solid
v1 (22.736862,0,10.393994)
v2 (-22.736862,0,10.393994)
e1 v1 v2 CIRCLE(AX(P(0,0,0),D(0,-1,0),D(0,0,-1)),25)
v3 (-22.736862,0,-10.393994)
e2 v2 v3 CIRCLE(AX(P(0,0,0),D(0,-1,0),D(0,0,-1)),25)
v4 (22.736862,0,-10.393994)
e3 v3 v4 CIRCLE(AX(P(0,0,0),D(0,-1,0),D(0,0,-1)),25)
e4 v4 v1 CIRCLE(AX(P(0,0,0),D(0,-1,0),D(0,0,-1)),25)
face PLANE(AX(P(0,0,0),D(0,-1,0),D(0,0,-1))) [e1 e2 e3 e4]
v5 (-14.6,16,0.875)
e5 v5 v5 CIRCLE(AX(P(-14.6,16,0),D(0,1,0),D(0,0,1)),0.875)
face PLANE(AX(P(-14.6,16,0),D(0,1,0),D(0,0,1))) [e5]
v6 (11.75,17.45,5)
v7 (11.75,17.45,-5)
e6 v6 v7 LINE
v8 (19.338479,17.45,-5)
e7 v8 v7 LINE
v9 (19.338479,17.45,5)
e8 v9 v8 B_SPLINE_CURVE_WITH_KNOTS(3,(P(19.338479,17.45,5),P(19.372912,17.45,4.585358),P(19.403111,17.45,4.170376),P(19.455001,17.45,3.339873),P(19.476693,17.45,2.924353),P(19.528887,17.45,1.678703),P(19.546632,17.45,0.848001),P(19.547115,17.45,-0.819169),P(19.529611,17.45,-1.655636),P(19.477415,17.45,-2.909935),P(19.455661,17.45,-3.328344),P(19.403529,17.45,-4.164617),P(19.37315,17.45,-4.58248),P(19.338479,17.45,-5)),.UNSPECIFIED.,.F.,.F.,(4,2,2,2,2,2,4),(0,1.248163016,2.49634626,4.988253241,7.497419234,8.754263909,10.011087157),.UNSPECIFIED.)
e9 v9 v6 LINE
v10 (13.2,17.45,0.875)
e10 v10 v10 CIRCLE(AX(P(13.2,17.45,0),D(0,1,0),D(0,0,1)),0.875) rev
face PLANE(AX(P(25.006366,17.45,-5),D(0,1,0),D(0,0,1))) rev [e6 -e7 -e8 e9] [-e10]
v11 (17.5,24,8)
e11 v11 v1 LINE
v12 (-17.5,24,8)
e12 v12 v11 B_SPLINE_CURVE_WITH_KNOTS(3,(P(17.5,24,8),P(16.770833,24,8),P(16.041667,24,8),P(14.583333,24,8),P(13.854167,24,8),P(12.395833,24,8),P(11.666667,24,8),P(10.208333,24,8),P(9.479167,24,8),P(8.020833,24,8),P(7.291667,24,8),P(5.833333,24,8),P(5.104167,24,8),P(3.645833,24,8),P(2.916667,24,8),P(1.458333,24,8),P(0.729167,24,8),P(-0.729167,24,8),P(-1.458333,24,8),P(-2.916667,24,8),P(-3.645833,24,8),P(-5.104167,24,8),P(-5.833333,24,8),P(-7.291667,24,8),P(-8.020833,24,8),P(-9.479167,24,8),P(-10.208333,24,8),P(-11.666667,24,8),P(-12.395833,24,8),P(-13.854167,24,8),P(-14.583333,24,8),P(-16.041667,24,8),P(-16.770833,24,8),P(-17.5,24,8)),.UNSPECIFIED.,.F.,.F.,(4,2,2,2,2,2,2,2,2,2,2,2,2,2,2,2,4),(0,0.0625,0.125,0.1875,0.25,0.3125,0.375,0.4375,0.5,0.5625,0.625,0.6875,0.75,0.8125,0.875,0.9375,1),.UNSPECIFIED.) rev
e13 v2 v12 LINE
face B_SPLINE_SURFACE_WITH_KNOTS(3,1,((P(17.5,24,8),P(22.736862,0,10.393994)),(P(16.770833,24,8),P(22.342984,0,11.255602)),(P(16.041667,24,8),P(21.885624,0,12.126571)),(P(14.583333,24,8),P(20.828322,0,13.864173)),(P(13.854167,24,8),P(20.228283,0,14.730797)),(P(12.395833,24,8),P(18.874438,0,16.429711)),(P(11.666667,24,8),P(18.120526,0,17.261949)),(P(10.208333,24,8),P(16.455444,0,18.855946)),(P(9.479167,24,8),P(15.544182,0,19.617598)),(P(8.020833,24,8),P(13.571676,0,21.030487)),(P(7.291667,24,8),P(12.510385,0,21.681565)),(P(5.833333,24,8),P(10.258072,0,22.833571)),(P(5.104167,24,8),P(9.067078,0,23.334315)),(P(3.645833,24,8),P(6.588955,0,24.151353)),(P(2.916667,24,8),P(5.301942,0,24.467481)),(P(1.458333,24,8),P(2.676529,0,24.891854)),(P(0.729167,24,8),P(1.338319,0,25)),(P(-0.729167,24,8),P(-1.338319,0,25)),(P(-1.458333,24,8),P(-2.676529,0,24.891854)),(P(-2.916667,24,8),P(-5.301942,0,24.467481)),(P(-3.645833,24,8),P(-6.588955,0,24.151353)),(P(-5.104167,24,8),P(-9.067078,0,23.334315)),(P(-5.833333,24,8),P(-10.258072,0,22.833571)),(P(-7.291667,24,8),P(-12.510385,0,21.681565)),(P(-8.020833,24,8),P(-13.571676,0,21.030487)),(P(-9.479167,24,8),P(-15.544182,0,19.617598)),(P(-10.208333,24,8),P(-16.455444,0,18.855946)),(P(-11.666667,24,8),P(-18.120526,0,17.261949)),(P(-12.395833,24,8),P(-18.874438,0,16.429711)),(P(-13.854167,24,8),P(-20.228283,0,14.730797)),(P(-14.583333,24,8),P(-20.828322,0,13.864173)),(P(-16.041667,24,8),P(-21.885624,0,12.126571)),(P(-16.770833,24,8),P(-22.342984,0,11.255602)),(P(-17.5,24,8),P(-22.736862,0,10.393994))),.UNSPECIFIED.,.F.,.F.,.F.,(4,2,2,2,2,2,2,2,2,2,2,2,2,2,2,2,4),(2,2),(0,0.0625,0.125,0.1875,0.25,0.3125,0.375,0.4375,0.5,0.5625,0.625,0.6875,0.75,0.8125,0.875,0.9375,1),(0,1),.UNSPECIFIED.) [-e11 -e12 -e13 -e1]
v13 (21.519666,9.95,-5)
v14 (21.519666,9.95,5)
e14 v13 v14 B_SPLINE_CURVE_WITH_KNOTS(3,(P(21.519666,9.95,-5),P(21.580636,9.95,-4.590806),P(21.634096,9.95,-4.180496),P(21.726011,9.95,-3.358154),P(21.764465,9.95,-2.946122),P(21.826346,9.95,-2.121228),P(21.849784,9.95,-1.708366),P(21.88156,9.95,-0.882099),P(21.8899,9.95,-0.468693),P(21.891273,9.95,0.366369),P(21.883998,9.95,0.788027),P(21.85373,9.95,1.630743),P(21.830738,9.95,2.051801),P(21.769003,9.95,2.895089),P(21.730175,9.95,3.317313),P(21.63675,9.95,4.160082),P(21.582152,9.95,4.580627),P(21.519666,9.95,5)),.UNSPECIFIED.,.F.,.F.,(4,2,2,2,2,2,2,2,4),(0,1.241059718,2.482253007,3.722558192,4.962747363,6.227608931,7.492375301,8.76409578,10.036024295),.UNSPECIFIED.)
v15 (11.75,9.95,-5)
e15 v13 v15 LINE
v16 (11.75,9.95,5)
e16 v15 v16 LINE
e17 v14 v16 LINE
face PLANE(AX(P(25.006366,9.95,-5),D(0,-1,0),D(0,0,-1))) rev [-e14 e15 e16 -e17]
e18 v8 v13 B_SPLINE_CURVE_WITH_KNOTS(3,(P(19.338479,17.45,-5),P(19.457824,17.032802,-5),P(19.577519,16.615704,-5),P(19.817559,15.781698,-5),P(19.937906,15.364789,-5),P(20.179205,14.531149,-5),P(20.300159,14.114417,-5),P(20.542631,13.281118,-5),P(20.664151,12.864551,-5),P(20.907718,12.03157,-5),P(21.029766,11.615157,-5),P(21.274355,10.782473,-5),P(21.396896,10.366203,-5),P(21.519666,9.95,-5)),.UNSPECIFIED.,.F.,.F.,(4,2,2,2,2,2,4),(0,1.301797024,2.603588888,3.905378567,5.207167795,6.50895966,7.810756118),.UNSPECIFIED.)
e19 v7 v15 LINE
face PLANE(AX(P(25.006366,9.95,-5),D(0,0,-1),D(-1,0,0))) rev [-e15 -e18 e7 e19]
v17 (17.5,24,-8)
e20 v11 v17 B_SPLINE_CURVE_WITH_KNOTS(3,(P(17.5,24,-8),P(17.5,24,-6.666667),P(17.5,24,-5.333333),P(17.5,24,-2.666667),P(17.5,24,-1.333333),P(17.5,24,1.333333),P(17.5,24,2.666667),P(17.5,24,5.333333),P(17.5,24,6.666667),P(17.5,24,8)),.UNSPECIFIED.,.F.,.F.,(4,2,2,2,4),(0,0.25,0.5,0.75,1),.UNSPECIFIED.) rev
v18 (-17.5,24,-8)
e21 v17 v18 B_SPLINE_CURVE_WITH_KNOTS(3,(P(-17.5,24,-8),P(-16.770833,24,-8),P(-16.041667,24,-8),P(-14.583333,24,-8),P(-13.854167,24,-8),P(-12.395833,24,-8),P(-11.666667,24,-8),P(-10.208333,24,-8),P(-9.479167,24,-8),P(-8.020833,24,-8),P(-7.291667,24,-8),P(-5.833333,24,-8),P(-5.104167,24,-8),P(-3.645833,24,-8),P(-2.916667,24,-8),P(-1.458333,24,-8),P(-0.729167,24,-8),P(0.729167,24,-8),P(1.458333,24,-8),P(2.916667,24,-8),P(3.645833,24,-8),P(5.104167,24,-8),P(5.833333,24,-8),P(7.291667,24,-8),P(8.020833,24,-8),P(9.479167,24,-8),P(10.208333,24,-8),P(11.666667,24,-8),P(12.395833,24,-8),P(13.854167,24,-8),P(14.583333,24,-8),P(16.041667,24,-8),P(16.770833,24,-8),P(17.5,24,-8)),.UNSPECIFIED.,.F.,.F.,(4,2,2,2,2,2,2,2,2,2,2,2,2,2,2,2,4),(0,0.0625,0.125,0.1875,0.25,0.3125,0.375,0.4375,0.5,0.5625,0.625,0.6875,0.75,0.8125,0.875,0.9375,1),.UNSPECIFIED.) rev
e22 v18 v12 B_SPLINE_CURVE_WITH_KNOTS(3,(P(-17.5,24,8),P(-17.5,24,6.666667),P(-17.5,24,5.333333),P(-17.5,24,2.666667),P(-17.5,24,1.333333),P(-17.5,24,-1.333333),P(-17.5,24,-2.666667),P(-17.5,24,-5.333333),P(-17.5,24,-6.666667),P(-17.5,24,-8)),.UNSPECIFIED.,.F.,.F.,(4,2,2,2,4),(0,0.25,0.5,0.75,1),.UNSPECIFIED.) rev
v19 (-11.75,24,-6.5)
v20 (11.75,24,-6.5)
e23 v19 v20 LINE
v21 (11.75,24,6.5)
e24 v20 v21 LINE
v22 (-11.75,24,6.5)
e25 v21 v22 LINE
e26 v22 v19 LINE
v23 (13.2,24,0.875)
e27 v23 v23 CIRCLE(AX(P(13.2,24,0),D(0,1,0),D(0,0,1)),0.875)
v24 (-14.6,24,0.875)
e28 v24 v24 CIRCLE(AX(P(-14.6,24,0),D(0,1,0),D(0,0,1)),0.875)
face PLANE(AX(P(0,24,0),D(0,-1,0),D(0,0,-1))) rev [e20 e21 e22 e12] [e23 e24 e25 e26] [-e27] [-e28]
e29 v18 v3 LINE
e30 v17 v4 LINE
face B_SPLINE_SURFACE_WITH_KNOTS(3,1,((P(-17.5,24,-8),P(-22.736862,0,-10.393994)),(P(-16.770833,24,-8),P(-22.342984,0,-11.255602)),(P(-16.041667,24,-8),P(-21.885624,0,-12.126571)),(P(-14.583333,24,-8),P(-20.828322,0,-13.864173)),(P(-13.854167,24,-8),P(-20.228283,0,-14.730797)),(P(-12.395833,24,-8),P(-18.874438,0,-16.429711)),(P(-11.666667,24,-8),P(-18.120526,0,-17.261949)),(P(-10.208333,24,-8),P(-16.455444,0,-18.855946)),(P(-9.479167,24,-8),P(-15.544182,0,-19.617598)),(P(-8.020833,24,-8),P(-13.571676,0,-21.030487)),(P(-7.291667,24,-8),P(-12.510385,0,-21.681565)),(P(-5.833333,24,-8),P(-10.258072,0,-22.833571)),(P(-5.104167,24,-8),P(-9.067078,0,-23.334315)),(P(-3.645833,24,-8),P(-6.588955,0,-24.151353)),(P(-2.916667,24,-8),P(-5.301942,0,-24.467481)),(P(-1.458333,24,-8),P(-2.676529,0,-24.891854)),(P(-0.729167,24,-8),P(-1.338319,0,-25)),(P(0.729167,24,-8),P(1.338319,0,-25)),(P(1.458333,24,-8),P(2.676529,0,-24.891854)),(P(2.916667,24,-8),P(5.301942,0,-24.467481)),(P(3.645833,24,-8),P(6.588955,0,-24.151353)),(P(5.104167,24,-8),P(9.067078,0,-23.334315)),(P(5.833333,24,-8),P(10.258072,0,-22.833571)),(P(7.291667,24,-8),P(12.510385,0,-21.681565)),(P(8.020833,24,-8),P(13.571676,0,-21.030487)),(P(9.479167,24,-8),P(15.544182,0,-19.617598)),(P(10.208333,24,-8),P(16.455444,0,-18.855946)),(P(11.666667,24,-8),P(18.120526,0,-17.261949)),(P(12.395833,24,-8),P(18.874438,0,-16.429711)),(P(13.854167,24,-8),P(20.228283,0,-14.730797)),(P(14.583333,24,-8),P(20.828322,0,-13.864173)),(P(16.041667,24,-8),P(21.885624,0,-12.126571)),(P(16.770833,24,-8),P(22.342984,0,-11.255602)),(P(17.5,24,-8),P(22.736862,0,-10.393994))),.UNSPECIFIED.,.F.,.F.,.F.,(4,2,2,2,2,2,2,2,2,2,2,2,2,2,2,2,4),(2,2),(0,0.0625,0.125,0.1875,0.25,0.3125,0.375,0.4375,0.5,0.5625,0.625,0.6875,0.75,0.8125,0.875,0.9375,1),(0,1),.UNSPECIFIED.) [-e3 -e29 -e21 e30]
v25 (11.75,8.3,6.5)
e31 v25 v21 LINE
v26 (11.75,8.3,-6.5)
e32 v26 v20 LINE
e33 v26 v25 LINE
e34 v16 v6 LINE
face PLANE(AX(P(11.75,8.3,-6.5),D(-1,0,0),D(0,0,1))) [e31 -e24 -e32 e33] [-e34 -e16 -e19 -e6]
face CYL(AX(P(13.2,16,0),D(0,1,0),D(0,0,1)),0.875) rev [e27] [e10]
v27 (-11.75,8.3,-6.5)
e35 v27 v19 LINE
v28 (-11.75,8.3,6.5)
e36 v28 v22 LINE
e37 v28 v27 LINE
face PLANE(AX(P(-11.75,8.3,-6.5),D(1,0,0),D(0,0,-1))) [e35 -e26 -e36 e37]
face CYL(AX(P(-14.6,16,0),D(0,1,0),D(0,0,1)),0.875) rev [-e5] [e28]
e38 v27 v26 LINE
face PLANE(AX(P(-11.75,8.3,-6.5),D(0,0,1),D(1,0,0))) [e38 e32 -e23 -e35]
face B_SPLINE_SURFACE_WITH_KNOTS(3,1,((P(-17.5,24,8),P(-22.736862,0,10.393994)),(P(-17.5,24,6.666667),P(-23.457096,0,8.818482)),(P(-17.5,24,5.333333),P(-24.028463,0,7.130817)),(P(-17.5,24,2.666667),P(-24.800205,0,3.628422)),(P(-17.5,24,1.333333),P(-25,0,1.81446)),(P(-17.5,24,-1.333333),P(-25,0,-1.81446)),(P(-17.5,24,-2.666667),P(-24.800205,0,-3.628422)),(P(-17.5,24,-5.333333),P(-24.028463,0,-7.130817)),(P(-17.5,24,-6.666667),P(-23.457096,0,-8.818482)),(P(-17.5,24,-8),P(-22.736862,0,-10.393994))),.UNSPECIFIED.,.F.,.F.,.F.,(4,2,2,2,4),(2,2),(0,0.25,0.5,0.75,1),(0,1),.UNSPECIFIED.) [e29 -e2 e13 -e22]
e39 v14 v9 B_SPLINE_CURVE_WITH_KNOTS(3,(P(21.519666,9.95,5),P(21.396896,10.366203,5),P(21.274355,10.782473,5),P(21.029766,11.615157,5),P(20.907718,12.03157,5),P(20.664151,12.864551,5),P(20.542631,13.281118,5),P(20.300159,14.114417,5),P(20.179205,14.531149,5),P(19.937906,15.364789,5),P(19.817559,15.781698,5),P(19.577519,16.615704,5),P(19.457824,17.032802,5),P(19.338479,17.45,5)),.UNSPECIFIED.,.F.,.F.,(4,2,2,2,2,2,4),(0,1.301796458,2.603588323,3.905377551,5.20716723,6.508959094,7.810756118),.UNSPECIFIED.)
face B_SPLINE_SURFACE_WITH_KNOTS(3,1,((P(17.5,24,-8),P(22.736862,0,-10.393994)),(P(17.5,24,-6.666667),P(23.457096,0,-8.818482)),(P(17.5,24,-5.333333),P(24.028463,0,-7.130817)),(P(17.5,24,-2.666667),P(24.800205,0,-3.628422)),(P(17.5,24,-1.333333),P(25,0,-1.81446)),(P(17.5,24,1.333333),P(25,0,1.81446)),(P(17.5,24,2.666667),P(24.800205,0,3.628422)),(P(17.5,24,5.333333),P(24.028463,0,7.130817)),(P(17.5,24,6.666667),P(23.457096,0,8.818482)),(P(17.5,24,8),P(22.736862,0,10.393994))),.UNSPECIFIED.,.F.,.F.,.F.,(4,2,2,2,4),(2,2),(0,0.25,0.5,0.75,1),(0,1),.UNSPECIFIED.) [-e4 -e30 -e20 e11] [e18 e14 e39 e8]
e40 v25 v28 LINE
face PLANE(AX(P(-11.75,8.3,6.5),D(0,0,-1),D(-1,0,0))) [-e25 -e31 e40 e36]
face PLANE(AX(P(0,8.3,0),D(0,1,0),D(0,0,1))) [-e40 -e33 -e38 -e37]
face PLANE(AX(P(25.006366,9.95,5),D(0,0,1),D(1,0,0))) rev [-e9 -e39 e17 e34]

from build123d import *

# Parameters (mm, degrees)
SKETCH1_W           = 35
SKETCH1_H           = 16
BOSS_EXTRUDE1_DEPTH = 24
SKETCH3_W           = 23.5
SKETCH3_H           = 13
CUT_EXTRUDE1_DEPTH  = 15.7
SKETCH5_R           = 0.875
CUT_EXTRUDE2_DEPTH  = 8
CUT_EXTRUDE3_REACH  = 52.513
SKETCH9_W           = 10
SKETCH9_H           = 7.5


with BuildPart() as part:
    # Sketch1 → Boss-Extrude1 (new body)
    with BuildSketch(Plane(origin=(0, 0, 0), x_dir=(1, 0, 0), z_dir=(0, 1, 0))):
        Rectangle(SKETCH1_W, SKETCH1_H)
    extrude(amount=BOSS_EXTRUDE1_DEPTH)

    # Sketch8 → Loft1 section 0
    with BuildSketch(Plane(origin=(0, 24, 0), x_dir=(1, 0, 0), z_dir=(0, 1, 0))):
        with BuildLine():
            Line((17.5, -8), (-17.5, -8))
            Line((-17.5, -8), (-17.5, 8))
            Line((-17.5, 8), (17.5, 8))
            Line((17.5, 8), (17.5, -8))
        make_face()
    # Sketch7 for Loft1 → Loft1 section 1
    with BuildSketch(Plane.XZ):
        with BuildLine():
            # circular arc as an exact rational Bezier (weights 1, cos(half-angle), 1)
            Bezier((22.73686189, 10.393994007), (0, 60.130879387), (-22.73686189, 10.393994007), weights=[1, 0.41575976, 1])
            Bezier((-22.73686189, 10.393994007), (-27.488402007, 0), (-22.73686189, -10.393994007), weights=[1, 0.909474476, 1])
            Bezier((-22.73686189, -10.393994007), (0, -60.130879387), (22.73686189, -10.393994007), weights=[1, 0.41575976, 1])
            Bezier((22.73686189, -10.393994007), (27.488402007, 0), (22.73686189, 10.393994007), weights=[1, 0.909474476, 1])
        make_face()
    loft()

    # Sketch3 → Cut-Extrude1 (cut)
    with BuildSketch(Plane.XZ.offset(-24)):
        Rectangle(SKETCH3_W, SKETCH3_H)
    extrude(amount=CUT_EXTRUDE1_DEPTH, mode=Mode.SUBTRACT)

    # Sketch5 → Cut-Extrude2 (cut)
    with BuildSketch(Plane(origin=(0, 24, 0), x_dir=(1, 0, 0), z_dir=(0, 1, 0))):
        with Locations(Location((13.2, 0, 0), (0, 0, 270))):
            Circle(SKETCH5_R)
        with Locations(Location((-14.6, 0, 0), (0, 0, 270))):
            Circle(SKETCH5_R)
    extrude(amount=-CUT_EXTRUDE2_DEPTH, mode=Mode.SUBTRACT)

    # Sketch9 → Cut-Extrude3 (cut, up to next)
    with BuildSketch(Plane.ZY.offset(-11.75), mode=Mode.PRIVATE) as cut_extrude3_sk1:
        with Locations((0, 13.7)):
            Rectangle(SKETCH9_W, SKETCH9_H)
    cut_extrude3_tool1 = extrude(cut_extrude3_sk1.sketch, amount=-CUT_EXTRUDE3_REACH, mode=Mode.PRIVATE) & part.part
    add(cut_extrude3_tool1.solids().sort_by_distance((11.75, 13.7, 0))[0], mode=Mode.SUBTRACT)


solid = part.part
